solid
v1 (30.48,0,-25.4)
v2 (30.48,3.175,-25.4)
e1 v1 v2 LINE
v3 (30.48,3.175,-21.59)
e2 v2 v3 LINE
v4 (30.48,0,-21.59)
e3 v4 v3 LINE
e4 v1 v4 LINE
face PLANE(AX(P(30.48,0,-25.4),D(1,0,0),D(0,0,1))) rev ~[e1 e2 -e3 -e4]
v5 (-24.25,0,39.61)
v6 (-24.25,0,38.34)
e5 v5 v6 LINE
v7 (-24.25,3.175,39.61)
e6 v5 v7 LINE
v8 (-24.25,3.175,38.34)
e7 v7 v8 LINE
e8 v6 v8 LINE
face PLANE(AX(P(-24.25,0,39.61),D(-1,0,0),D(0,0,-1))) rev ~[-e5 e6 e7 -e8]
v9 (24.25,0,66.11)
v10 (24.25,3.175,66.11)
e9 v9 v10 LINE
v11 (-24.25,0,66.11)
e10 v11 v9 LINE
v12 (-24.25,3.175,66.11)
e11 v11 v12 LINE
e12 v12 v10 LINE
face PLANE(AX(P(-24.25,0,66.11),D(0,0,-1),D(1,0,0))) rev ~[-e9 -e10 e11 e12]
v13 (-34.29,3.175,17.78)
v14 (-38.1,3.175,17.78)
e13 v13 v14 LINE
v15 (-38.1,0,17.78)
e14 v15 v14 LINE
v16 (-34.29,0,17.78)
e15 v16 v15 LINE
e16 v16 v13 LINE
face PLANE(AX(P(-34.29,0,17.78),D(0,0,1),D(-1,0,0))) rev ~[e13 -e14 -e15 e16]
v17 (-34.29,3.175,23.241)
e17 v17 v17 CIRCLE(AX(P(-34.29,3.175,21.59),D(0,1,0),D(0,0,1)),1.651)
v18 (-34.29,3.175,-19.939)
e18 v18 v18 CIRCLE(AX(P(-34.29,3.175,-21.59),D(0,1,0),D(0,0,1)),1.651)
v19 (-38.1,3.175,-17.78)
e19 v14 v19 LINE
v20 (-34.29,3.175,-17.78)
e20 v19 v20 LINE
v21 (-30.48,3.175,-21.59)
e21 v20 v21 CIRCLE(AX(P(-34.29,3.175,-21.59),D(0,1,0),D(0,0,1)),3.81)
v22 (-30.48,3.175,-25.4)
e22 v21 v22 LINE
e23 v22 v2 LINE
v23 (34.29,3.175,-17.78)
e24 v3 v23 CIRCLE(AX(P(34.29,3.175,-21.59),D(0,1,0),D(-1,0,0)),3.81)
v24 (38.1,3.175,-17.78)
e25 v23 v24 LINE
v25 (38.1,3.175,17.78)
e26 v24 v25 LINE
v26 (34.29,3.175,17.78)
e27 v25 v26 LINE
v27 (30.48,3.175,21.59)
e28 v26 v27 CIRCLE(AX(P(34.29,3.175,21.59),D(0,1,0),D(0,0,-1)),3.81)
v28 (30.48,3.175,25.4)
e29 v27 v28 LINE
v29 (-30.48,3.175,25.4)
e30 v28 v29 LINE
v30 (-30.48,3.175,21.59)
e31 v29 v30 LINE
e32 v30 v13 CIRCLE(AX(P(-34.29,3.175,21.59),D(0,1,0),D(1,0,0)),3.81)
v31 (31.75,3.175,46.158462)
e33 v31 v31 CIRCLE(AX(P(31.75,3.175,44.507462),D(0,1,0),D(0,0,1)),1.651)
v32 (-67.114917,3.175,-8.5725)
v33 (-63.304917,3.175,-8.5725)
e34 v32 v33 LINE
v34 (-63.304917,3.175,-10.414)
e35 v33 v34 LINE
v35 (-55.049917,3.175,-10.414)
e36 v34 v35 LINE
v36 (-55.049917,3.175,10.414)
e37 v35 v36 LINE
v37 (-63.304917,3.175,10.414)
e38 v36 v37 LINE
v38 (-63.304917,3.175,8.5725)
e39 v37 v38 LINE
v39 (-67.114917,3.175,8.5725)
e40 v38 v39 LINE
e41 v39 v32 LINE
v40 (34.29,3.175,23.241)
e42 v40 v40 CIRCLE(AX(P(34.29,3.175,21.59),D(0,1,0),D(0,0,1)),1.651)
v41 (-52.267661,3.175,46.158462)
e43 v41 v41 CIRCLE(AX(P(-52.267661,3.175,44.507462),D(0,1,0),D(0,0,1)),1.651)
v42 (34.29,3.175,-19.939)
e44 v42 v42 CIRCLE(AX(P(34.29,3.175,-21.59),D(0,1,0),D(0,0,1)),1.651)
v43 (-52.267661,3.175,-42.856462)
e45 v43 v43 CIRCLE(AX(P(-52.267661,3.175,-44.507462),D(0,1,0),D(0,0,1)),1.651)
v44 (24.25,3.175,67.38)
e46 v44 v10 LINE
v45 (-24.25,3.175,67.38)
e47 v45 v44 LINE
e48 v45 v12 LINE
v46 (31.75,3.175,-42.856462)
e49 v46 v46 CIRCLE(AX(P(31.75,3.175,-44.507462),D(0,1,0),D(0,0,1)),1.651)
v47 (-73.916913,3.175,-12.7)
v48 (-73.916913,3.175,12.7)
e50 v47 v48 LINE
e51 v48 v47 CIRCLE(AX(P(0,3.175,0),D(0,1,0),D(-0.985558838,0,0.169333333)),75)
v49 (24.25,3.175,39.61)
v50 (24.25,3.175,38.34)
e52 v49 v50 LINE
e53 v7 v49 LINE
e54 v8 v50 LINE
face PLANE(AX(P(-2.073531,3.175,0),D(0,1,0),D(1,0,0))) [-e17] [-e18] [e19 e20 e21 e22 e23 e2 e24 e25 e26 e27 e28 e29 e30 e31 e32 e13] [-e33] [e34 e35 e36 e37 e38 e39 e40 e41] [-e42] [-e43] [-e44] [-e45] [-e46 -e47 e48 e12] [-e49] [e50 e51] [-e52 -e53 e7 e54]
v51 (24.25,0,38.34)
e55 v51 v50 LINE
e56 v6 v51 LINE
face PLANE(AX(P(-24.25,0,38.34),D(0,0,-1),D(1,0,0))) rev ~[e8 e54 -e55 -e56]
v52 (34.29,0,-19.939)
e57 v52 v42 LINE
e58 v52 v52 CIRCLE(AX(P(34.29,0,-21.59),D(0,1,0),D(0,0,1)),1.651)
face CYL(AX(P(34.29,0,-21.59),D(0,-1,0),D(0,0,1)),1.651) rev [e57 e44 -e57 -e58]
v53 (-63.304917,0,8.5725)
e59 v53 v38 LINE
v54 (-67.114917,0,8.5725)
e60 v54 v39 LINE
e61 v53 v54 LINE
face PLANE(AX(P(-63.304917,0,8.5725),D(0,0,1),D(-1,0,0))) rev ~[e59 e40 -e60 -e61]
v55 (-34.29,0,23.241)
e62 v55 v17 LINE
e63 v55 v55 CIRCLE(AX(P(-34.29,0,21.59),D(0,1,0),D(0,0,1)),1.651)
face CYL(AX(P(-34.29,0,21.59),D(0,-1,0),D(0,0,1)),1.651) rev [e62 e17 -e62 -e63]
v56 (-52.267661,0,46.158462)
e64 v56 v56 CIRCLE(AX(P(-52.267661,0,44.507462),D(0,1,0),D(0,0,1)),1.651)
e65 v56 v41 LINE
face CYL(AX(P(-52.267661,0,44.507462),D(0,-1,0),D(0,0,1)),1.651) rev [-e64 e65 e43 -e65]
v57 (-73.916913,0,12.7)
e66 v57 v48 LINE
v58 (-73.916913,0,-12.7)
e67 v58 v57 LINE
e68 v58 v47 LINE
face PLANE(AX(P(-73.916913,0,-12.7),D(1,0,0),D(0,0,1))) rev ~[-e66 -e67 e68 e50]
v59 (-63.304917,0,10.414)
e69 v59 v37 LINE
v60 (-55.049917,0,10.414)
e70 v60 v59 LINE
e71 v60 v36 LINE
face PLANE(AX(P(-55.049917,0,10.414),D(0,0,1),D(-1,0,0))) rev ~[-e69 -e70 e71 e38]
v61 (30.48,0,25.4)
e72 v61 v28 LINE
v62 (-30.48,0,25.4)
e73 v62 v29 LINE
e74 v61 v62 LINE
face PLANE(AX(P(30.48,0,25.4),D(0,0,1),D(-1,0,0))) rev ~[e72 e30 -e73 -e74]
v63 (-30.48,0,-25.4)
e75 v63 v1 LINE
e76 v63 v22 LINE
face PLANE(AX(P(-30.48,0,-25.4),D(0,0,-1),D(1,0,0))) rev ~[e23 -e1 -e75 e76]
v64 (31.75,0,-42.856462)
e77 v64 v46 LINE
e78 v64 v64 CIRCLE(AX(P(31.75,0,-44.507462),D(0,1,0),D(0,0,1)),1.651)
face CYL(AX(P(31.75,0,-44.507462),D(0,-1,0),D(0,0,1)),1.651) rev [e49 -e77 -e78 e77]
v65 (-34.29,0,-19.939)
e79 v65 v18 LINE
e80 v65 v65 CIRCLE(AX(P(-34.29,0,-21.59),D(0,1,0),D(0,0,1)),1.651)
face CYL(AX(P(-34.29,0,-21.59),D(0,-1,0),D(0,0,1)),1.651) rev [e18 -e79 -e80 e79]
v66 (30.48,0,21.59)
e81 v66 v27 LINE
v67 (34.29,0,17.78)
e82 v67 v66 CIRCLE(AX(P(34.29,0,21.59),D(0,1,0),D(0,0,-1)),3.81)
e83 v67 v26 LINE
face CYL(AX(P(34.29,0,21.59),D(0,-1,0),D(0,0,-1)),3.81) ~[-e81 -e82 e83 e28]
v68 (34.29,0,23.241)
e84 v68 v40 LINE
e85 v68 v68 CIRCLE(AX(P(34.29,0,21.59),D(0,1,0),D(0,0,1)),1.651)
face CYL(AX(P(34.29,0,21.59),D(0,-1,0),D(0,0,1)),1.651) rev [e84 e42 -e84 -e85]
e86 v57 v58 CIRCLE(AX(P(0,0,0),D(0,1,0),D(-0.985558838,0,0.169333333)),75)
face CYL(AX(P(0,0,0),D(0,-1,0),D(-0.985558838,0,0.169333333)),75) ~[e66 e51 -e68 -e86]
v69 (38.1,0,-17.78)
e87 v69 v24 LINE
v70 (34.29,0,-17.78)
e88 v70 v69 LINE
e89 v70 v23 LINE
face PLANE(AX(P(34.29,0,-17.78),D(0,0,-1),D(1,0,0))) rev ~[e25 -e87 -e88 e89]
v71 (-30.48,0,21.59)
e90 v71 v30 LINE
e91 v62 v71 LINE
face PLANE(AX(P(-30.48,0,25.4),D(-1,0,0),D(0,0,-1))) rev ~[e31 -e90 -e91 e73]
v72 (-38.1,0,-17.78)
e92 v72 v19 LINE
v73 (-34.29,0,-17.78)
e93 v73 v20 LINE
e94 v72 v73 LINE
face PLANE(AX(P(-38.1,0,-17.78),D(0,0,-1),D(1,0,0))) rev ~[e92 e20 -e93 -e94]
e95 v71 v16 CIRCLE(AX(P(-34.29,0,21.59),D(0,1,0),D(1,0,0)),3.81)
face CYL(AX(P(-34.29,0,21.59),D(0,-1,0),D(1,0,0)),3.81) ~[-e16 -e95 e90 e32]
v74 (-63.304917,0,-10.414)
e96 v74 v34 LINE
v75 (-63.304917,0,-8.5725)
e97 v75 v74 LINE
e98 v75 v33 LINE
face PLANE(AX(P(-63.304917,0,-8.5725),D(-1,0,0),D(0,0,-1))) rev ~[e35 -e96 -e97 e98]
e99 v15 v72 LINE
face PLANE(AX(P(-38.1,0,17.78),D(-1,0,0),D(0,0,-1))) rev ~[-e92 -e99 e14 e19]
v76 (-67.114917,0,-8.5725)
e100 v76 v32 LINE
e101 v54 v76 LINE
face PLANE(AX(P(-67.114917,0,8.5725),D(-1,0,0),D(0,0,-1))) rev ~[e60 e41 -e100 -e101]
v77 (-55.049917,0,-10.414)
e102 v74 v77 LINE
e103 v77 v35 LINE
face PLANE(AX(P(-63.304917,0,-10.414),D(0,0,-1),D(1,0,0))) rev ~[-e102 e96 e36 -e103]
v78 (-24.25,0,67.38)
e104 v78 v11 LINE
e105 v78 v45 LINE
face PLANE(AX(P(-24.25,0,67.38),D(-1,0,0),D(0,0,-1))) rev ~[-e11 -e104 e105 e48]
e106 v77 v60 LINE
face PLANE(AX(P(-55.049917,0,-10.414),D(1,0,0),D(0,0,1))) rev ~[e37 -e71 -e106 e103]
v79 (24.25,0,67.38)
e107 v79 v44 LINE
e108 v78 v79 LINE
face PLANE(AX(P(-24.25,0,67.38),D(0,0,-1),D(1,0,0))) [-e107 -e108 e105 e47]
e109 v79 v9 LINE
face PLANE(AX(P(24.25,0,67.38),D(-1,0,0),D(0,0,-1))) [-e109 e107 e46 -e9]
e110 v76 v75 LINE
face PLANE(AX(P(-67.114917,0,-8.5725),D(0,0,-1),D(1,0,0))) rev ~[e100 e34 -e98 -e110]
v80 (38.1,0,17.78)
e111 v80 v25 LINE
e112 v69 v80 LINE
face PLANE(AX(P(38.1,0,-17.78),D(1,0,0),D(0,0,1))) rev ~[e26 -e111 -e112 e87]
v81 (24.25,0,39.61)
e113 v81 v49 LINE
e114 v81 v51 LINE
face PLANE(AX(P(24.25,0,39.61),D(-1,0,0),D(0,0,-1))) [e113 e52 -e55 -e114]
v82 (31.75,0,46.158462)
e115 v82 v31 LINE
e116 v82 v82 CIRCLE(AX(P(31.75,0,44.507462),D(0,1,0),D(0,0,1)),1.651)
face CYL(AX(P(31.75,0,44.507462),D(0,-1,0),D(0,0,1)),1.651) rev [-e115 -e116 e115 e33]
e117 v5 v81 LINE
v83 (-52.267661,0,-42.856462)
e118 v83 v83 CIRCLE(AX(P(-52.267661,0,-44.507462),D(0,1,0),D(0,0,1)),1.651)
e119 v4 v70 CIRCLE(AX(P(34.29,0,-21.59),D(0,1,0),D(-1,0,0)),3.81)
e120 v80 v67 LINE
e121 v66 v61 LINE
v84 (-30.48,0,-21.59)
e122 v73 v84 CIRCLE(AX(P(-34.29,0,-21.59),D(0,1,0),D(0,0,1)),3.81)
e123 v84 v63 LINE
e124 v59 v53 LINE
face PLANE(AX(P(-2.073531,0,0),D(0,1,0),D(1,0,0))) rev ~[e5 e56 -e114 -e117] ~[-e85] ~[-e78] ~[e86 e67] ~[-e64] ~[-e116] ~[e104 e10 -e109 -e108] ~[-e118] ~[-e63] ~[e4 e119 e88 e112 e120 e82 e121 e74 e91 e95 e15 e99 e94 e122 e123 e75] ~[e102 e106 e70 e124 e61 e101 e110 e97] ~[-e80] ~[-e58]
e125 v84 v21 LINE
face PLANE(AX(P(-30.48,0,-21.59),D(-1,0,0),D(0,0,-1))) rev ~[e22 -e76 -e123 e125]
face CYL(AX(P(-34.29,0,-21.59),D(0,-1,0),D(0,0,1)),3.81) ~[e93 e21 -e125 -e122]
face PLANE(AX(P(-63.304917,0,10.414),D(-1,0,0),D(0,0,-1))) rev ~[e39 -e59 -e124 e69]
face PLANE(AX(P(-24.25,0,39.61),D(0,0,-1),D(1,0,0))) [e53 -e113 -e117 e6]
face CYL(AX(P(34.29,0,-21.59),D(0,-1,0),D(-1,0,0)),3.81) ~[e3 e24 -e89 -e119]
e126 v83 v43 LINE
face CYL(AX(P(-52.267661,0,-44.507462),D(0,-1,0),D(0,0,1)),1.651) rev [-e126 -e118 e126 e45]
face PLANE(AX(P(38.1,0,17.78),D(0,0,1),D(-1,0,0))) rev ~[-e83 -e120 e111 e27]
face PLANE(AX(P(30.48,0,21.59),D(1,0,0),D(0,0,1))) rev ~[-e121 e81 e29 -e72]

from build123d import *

# Parameters (mm, degrees)
SKETCH1_R           = 1.651
SKETCH1_W           = 48.5
SKETCH1_H           = 1.27
BOSS_EXTRUDE1_DEPTH = 3.175


with BuildPart() as part:
    # Sketch1 → Boss-Extrude1 (new body)
    with BuildSketch(Plane(origin=(0, 0, 0), x_dir=(1, 0, 0), z_dir=(0, 1, 0))):
        with BuildLine():
            Line((-73.916912814, 12.7), (-73.916912814, -12.7))
            ThreePointArc((-73.916912814, -12.7), (75, 0), (-73.916912814, 12.7))
        make_face()
        with Locations(Location((-52.26766059, -44.507461806, 0), (0, 0, 270))):
            Circle(SKETCH1_R, mode=Mode.SUBTRACT)
        with Locations(Location((31.75, -44.507461806, 0), (0, 0, 270))):
            Circle(SKETCH1_R, mode=Mode.SUBTRACT)
        with Locations(Location((31.75, 44.507461806, 0), (0, 0, 270))):
            Circle(SKETCH1_R, mode=Mode.SUBTRACT)
        with Locations(Location((-52.26766059, 44.507461806, 0), (0, 0, 270))):
            Circle(SKETCH1_R, mode=Mode.SUBTRACT)
        with Locations(Location((34.29, 21.59, 0), (0, 0, 270))):
            Circle(SKETCH1_R, mode=Mode.SUBTRACT)
        with Locations(Location((34.29, -21.59, 0), (0, 0, 270))):
            Circle(SKETCH1_R, mode=Mode.SUBTRACT)
        with Locations(Location((-34.29, -21.59, 0), (0, 0, 270))):
            Circle(SKETCH1_R, mode=Mode.SUBTRACT)
        with Locations(Location((-34.29, 21.59, 0), (0, 0, 270))):
            Circle(SKETCH1_R, mode=Mode.SUBTRACT)
        with BuildLine():
            Line((-30.48, 21.59), (-30.48, 25.4))
            Line((-30.48, 25.4), (30.48, 25.4))
            Line((30.48, 25.4), (30.48, 21.59))
            ThreePointArc((30.48, 21.59), (31.595923164, 18.895923164), (34.29, 17.78))
            Line((34.29, 17.78), (38.1, 17.78))
            Line((38.1, 17.78), (38.1, -17.78))
            Line((38.1, -17.78), (34.29, -17.78))
            ThreePointArc((34.29, -17.78), (31.595923164, -18.895923164), (30.48, -21.59))
            Line((30.48, -21.59), (30.48, -25.4))
            Line((30.48, -25.4), (-30.48, -25.4))
            Line((-30.48, -25.4), (-30.48, -21.59))
            ThreePointArc((-30.48, -21.59), (-31.595923164, -18.895923164), (-34.29, -17.78))
            Line((-34.29, -17.78), (-38.1, -17.78))
            Line((-38.1, -17.78), (-38.1, 17.78))
            Line((-38.1, 17.78), (-34.29, 17.78))
            ThreePointArc((-34.29, 17.78), (-31.595923164, 18.895923164), (-30.48, 21.59))
        make_face(mode=Mode.SUBTRACT)
        Polygon((-67.114917129, 8.5725), (-63.304917129, 8.5725), (-63.304917129, 10.414), (-55.049917129, 10.414), (-55.049917129, 8.5725), (-55.049917129, -8.5725), (-55.049917129, -10.414), (-63.304917129, -10.414), (-63.304917129, -8.5725), (-67.114917129, -8.5725), align=None, mode=Mode.SUBTRACT)
        with Locations((0, -38.975)):
            Rectangle(SKETCH1_W, SKETCH1_H, mode=Mode.SUBTRACT)
        with Locations((0, -66.745)):
            Rectangle(SKETCH1_W, SKETCH1_H, mode=Mode.SUBTRACT)
    extrude(amount=BOSS_EXTRUDE1_DEPTH)


solid = part.part
